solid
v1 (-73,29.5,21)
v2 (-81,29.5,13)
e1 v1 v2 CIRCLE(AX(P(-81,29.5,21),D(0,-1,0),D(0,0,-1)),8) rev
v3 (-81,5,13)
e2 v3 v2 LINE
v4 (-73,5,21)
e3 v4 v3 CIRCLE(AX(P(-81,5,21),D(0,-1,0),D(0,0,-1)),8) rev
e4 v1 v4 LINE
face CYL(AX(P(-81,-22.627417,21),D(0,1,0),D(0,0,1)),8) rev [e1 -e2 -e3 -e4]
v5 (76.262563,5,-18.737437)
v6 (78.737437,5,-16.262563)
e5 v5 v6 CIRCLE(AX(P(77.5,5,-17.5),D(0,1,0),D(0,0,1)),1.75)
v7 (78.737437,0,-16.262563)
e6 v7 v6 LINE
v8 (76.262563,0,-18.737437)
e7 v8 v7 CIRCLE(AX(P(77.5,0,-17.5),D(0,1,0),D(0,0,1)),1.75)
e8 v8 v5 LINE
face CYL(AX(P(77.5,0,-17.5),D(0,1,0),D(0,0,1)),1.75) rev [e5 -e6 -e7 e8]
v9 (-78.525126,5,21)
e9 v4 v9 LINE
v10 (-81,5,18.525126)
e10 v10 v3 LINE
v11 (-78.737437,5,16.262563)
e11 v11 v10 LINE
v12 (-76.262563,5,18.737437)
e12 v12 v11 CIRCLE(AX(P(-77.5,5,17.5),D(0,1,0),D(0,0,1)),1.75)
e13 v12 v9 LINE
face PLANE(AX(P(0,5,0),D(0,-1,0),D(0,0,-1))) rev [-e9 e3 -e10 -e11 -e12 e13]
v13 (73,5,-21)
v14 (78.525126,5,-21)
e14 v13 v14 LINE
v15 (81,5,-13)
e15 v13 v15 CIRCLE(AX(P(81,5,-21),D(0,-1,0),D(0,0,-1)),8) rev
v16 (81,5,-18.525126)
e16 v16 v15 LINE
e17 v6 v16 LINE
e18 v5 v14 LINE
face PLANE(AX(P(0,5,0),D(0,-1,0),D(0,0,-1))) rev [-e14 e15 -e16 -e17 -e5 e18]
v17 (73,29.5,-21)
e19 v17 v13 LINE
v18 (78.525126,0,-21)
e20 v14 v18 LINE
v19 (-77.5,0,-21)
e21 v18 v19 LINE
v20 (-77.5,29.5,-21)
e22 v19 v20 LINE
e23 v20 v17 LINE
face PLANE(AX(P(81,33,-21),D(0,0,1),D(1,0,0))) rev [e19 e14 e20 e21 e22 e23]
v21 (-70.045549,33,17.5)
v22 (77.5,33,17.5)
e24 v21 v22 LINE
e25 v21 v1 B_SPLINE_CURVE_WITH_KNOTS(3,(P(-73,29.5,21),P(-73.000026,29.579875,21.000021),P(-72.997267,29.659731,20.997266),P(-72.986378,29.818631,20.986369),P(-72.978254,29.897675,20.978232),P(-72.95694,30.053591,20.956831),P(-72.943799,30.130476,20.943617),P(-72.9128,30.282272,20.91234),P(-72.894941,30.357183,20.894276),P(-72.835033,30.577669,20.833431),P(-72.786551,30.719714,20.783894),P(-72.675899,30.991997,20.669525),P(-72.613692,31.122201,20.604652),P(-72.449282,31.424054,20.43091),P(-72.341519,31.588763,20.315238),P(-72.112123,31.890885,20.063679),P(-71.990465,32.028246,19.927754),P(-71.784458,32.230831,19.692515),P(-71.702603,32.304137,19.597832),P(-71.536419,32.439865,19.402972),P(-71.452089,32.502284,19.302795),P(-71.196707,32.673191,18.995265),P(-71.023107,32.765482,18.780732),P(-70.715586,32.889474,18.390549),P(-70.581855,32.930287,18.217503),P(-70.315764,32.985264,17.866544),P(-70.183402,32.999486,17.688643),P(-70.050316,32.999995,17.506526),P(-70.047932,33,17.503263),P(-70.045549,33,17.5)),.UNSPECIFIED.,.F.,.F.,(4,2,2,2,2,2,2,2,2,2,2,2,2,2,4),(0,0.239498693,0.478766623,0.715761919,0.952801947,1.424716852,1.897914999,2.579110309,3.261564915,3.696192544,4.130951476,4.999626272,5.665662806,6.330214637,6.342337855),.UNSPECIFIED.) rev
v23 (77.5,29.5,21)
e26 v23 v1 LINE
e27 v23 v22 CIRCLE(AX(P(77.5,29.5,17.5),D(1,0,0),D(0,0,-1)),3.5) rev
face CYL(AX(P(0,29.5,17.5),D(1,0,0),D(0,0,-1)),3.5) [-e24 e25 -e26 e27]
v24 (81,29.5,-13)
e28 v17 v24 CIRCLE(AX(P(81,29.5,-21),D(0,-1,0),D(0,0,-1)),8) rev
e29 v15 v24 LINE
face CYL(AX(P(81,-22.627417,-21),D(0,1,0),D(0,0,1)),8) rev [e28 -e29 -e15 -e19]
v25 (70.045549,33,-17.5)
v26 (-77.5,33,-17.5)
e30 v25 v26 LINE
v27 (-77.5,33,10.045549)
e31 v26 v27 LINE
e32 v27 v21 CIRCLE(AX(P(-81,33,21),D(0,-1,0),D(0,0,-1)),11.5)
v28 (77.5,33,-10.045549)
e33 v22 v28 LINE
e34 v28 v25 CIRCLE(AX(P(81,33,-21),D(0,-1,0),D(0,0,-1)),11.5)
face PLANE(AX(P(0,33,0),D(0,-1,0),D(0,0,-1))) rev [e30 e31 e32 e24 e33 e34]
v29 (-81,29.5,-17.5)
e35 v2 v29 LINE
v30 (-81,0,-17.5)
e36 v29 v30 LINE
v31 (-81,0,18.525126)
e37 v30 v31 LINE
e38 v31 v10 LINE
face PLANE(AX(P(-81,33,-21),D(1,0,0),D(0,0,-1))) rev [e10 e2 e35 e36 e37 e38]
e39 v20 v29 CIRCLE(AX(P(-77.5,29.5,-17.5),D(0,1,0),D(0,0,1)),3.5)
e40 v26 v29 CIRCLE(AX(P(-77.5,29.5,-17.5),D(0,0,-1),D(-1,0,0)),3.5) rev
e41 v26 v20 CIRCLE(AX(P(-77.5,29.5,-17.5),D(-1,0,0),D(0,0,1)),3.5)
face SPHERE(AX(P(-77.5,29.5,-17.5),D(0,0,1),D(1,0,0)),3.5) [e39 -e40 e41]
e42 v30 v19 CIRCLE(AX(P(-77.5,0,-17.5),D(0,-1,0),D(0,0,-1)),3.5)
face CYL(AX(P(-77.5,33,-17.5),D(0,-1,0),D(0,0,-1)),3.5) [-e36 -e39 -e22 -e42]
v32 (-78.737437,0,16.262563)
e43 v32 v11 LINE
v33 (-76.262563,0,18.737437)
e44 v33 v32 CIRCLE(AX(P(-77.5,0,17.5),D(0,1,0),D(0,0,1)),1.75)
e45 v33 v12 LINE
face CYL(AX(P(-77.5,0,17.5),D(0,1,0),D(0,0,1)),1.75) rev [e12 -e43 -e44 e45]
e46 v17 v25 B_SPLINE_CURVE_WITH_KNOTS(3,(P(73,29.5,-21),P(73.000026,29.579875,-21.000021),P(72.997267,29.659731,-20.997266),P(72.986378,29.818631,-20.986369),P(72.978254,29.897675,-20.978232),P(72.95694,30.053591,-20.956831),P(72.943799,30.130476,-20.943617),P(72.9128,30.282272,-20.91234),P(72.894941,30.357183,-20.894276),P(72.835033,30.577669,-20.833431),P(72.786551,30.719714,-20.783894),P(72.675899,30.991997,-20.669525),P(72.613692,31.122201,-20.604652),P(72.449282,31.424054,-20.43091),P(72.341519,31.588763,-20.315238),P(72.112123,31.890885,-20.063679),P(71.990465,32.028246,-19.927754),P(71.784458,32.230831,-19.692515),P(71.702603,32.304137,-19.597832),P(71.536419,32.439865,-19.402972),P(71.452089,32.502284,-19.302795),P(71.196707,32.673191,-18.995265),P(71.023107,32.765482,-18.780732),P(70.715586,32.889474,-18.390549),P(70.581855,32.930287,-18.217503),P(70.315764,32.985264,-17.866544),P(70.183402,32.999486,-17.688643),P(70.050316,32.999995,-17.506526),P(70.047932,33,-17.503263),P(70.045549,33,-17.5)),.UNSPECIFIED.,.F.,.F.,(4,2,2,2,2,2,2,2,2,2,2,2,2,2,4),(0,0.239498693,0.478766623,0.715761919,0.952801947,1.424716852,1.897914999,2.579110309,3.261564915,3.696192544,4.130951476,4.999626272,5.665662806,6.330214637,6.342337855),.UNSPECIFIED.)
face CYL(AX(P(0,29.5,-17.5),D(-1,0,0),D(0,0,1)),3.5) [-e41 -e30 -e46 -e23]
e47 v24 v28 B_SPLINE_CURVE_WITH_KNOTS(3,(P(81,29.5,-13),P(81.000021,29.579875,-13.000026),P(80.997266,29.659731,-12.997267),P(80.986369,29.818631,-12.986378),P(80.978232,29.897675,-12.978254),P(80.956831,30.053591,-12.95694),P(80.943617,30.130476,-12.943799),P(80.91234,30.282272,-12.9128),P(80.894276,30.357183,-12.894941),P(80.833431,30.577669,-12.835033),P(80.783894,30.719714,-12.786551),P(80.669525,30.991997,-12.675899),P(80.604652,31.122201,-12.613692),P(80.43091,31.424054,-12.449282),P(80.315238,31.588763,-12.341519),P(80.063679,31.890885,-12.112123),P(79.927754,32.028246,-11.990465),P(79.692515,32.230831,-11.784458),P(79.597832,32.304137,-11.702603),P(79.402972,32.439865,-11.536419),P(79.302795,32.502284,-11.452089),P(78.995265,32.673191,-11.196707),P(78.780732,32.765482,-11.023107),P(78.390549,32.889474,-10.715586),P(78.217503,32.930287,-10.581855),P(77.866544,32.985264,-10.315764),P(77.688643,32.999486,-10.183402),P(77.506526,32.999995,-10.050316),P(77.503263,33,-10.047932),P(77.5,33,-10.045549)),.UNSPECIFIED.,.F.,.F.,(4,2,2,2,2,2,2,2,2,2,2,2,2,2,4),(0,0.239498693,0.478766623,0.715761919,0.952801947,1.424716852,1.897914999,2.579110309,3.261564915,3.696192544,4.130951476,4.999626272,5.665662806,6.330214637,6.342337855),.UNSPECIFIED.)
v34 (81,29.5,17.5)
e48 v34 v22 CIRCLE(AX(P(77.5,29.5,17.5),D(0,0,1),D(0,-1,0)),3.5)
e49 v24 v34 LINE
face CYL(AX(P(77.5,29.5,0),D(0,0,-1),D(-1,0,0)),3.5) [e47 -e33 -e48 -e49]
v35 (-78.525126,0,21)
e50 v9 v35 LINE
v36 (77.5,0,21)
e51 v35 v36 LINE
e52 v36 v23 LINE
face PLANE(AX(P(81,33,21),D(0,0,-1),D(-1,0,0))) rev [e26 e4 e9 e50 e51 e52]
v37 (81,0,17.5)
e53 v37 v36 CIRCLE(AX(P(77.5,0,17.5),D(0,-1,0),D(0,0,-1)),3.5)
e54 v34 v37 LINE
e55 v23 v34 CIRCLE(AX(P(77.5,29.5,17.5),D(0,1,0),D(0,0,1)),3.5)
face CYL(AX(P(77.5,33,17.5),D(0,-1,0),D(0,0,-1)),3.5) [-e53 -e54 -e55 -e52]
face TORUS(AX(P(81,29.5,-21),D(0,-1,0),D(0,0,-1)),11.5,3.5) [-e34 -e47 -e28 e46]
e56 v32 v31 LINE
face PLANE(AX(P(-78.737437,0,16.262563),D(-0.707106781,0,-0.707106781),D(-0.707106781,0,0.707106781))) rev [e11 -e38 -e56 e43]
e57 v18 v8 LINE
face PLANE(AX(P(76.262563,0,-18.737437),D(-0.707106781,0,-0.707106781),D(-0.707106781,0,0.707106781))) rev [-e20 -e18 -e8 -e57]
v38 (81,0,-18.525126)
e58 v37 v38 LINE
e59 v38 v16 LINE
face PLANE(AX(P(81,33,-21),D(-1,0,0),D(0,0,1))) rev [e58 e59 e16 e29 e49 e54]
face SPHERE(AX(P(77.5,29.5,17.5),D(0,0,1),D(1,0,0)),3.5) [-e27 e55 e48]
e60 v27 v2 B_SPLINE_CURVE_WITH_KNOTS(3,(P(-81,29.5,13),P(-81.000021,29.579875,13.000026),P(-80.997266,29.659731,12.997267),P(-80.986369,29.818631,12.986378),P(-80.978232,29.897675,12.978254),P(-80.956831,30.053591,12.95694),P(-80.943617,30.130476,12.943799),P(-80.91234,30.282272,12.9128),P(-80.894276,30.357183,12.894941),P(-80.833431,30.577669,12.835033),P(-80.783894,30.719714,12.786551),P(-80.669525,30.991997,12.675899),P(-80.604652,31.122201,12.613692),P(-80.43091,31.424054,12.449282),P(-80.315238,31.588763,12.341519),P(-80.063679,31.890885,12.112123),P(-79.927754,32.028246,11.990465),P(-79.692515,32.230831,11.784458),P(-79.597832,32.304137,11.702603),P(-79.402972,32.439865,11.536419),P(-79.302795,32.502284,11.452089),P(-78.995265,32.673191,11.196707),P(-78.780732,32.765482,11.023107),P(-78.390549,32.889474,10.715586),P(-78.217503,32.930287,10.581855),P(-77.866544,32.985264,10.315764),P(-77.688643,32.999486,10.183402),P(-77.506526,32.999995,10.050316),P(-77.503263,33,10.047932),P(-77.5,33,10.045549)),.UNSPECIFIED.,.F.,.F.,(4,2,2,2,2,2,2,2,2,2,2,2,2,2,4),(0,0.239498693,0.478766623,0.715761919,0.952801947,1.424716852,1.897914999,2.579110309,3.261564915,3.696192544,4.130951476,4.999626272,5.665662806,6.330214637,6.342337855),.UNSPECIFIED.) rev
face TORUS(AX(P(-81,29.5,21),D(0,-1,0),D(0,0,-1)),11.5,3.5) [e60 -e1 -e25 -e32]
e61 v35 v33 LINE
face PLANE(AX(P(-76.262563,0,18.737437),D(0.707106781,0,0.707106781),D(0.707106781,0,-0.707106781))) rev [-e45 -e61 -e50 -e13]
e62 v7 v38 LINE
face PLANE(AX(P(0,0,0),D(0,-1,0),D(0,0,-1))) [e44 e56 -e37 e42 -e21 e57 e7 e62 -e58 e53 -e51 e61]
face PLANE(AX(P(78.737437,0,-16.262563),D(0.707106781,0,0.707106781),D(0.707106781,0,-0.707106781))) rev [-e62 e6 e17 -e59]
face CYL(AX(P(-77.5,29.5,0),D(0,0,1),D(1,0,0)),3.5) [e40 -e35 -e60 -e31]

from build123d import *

# Parameters (mm, degrees)
SKIZZE1_W                       = 162
SKIZZE1_H                       = 42
AUFSATZ_LINEAR_AUSTRAGEN1_DEPTH = 33
SKIZZE2_R                       = 8
SCHNITT_LINEAR_AUSTRAGEN1_DEPTH = 28
VERRUNDUNG1_R                   = 3.5
SCHNITT_LINEAR_AUSTRAGEN2_DEPTH = 89.238313821


with BuildPart() as part:
    # Skizze1 → Aufsatz-Linear austragen1 (new body)
    with BuildSketch(Plane(origin=(0, 0, 0), x_dir=(1, 0, 0), z_dir=(0, 1, 0))):
        Rectangle(SKIZZE1_W, SKIZZE1_H)
    extrude(amount=AUFSATZ_LINEAR_AUSTRAGEN1_DEPTH)

    # Skizze2 → Schnitt-Linear austragen1 (cut)
    with BuildSketch(Plane(origin=(0, 33, 0), x_dir=(1, 0, 0), z_dir=(0, 1, 0))):
        with Locations((-81, -21)):
            Circle(SKIZZE2_R)
        with Locations((81, 21)):
            Circle(SKIZZE2_R)
    extrude(amount=-SCHNITT_LINEAR_AUSTRAGEN1_DEPTH, mode=Mode.SUBTRACT)

    # Verrundung1
    verrundung1_edges = [part.edges().sort_by_distance(p)[0] for p in [
        (81, 33, 4),
        (4, 33, 21),
        (-75.343145751, 33, 15.343145751),
        (-4, 33, -21),
        (75.343145751, 33, -15.343145751),
        (-81, 33, -4),
        (-81, 16.5, -21),
        (81, 16.5, 21),
    ]]
    fillet(verrundung1_edges, radius=VERRUNDUNG1_R)

    # Skizze3 → Schnitt-Linear austragen2 (cut, through all)
    with BuildSketch(Plane(origin=(0, 5, 0), x_dir=(1, 0, 0), z_dir=(0, 1, 0))):
        with BuildLine():
            Line((76.262563133, 18.737436867), (79.762563133, 22.237436867))
            ThreePointArc((79.762563133, 22.237436867), (82.237436867, 22.237436867), (82.237436867, 19.762563133))
            Line((82.237436867, 19.762563133), (78.737436867, 16.262563133))
            ThreePointArc((78.737436867, 16.262563133), (76.262563133, 16.262563133), (76.262563133, 18.737436867))
        make_face()
        with BuildLine():
            Line((-76.262563133, -18.737436867), (-79.762563133, -22.237436867))
            ThreePointArc((-79.762563133, -22.237436867), (-82.237436867, -22.237436867), (-82.237436867, -19.762563133))
            Line((-82.237436867, -19.762563133), (-78.737436867, -16.262563133))
            ThreePointArc((-78.737436867, -16.262563133), (-76.262563133, -16.262563133), (-76.262563133, -18.737436867))
        make_face()
    extrude(amount=-SCHNITT_LINEAR_AUSTRAGEN2_DEPTH, mode=Mode.SUBTRACT)


solid = part.part
